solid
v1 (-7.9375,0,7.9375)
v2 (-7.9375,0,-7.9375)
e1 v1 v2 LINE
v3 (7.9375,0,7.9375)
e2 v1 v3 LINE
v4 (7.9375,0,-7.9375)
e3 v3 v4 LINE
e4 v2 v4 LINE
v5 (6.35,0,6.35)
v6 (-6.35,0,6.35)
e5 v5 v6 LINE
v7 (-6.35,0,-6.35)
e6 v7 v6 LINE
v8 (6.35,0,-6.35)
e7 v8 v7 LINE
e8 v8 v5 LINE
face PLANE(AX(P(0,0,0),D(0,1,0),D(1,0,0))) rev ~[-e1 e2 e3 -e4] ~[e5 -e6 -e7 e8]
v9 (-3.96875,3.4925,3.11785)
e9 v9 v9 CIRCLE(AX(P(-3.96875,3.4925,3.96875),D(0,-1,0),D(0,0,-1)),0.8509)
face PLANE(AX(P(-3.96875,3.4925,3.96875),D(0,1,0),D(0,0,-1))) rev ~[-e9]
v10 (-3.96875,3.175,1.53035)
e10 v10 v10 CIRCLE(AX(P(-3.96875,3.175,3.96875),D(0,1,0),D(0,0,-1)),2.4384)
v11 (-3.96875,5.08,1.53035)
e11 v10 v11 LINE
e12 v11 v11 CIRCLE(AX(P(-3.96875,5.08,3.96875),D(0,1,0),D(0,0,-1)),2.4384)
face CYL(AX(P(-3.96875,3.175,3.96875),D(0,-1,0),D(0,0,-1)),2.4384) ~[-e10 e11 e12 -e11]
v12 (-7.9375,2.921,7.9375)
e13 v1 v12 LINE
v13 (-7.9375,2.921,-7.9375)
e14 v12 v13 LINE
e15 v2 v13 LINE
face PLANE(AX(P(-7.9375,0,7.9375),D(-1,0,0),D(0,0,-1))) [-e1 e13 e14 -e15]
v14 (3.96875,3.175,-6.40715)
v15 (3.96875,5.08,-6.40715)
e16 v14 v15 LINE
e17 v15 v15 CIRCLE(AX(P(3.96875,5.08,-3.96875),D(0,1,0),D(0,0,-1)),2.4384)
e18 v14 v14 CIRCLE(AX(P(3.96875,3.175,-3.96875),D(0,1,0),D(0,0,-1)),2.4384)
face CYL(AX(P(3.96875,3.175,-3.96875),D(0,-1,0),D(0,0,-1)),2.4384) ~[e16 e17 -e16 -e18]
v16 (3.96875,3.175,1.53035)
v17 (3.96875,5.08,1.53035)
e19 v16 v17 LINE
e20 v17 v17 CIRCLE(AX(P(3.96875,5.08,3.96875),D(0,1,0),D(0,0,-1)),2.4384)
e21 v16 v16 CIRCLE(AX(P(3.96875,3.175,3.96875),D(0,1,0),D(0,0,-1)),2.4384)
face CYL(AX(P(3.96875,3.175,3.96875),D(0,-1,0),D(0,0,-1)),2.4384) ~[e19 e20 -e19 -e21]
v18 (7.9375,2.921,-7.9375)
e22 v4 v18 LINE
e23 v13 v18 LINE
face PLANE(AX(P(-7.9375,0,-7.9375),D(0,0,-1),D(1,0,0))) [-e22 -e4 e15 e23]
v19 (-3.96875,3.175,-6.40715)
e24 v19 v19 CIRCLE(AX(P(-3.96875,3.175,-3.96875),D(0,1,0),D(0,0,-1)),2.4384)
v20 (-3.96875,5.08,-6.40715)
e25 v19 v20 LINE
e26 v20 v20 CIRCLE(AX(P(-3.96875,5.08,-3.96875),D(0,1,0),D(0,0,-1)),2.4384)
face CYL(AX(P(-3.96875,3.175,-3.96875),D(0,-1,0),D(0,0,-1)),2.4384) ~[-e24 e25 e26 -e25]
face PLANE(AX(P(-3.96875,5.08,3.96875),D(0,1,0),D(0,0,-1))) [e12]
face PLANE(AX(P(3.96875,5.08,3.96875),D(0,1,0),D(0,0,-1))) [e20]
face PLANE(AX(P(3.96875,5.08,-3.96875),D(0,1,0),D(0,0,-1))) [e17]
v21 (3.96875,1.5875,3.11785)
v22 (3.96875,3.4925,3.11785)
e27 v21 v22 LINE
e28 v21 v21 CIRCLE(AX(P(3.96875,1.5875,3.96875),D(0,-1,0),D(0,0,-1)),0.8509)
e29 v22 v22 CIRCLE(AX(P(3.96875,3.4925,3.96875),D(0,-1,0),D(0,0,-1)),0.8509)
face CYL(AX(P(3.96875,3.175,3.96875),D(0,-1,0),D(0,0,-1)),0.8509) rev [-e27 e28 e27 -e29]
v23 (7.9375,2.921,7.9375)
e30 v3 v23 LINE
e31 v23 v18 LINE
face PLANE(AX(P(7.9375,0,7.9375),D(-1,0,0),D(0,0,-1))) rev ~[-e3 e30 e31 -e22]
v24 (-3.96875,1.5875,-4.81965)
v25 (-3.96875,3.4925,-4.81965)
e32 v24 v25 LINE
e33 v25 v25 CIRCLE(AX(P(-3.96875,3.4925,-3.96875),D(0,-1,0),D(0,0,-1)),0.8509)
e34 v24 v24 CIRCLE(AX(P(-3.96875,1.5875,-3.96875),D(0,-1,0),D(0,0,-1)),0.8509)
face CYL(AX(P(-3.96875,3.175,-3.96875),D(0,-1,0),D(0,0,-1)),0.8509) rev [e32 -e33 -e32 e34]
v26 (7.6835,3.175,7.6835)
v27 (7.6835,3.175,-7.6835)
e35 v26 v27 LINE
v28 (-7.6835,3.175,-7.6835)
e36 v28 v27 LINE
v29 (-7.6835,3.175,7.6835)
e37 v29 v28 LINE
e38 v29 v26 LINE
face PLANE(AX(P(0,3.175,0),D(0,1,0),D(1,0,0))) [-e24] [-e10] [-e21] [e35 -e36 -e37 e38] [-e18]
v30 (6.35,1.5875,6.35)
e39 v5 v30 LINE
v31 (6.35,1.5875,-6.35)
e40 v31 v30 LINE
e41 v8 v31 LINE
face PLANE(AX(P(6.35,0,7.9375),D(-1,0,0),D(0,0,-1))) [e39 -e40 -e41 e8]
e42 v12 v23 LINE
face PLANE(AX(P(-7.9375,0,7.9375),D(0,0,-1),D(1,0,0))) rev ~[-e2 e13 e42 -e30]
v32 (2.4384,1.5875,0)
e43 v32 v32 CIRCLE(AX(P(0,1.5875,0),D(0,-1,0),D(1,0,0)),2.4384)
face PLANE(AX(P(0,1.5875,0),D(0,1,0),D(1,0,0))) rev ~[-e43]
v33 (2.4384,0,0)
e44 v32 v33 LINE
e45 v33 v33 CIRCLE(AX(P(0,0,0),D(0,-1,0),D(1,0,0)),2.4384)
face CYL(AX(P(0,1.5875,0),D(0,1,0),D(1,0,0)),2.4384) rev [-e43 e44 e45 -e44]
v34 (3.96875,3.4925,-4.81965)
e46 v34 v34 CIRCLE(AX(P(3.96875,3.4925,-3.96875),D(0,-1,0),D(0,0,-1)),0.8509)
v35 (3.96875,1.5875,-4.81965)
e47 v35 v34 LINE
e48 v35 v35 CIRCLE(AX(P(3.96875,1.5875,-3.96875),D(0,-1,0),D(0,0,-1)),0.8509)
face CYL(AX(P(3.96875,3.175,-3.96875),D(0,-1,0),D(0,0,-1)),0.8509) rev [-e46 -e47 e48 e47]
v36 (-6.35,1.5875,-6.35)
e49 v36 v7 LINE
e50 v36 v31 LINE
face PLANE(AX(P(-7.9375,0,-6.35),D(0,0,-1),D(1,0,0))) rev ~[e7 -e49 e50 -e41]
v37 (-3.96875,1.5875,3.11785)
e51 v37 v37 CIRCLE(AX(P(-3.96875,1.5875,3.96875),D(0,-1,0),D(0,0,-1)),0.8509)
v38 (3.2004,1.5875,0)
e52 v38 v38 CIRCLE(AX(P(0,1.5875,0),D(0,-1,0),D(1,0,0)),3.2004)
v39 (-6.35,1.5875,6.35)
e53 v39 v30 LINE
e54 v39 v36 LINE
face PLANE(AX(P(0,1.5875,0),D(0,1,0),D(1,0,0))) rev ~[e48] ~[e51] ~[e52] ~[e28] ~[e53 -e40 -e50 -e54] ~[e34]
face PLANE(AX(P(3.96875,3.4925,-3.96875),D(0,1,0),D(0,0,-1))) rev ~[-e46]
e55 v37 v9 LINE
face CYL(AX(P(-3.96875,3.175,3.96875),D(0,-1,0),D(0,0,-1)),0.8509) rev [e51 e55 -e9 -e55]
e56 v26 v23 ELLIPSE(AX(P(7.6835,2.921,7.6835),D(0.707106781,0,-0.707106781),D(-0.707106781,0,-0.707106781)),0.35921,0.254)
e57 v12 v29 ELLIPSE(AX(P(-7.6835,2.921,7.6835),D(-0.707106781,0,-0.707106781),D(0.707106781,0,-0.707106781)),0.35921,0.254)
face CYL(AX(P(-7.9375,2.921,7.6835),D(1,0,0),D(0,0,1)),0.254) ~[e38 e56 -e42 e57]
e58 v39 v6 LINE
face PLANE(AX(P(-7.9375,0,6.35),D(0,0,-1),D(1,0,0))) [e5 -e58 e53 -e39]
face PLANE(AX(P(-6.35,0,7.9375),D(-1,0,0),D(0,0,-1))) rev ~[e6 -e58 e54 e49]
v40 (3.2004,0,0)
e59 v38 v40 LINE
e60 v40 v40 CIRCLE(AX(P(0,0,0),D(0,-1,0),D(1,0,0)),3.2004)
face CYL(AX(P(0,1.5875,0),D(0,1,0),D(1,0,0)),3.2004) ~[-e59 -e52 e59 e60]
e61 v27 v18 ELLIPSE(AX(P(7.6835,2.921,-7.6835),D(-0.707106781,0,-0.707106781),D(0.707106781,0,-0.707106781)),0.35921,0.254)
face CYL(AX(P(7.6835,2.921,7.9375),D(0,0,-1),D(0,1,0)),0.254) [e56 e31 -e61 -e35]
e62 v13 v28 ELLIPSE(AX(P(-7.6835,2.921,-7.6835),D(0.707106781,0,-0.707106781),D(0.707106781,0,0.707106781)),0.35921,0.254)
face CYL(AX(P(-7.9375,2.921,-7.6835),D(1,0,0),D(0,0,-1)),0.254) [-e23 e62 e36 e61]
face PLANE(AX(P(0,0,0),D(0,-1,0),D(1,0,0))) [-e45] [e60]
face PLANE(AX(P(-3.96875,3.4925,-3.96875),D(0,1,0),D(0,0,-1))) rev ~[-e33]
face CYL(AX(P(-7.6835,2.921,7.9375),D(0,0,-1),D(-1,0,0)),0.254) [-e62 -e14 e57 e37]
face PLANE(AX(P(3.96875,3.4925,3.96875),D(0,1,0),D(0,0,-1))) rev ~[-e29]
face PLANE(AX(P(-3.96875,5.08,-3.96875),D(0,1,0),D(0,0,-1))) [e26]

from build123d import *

# Parameters (mm, degrees)
SKETCH1_W            = 15.875
SKETCH1_H            = 15.875
BASE_EXTRUDE_DEPTH   = 3.175
SKETCH2_R            = 2.4384
BOSS_EXTRUDE1_DEPTH  = 1.905
LPATTERN4_COUNT      = 2
LPATTERN4_PITCH      = 7.9375
LPATTERN4_COUNT_DIR2 = 2
LPATTERN4_PITCH_DIR2 = 7.9375
SHELL1_T             = -1.5875
SKETCH3_R            = 3.2004
SKETCH3_R_2          = 2.4384
INSDOT_DEPTH         = 1.5875
FILLET1_R            = 0.254


with BuildPart() as part:
    # Sketch1 → Base-Extrude (new body)
    with BuildSketch(Plane(origin=(0, 0, 0), x_dir=(1, 0, 0), z_dir=(0, 1, 0))):
        Rectangle(SKETCH1_W, SKETCH1_H)
    extrude(amount=BASE_EXTRUDE_DEPTH)

    # Sketch2 → Boss-Extrude1 (add)
    with BuildSketch(Plane(origin=(0, 3.175, 0), x_dir=(-1, 0, 0), z_dir=(0, 1, 0))):
        with Locations(Location((3.96875, 3.96875, 0), (0, 0, 270))):
            Circle(SKETCH2_R)
    boss_extrude1 = extrude(amount=BOSS_EXTRUDE1_DEPTH)

    # LPattern4: Boss-Extrude1 2 × 2
    with Locations(*[(i * LPATTERN4_PITCH, 0, -j * LPATTERN4_PITCH_DIR2) for i in range(LPATTERN4_COUNT) for j in range(LPATTERN4_COUNT_DIR2) if (i, j) != (0, 0)]):
        add(boss_extrude1)

    # Shell1
    shell1_openings = [part.faces().sort_by_distance(p)[0] for p in [
        (0, 0, 0),
    ]]
    offset(amount=SHELL1_T, openings=shell1_openings, kind=Kind.INTERSECTION)

    # Sketch3 → InsDot (add)
    with BuildSketch(Plane.XZ.offset(-1.5875)):
        Circle(SKETCH3_R)
        Circle(SKETCH3_R_2, mode=Mode.SUBTRACT)
    extrude(amount=INSDOT_DEPTH)

    # Fillet1
    fillet1_edges = [part.edges().sort_by_distance(p)[0] for p in [
        (7.9375, 3.175, 0),
        (0, 3.175, -7.9375),
        (-7.9375, 3.175, 0),
        (0, 3.175, 7.9375),
    ]]
    fillet(fillet1_edges, radius=FILLET1_R)


solid = part.part
